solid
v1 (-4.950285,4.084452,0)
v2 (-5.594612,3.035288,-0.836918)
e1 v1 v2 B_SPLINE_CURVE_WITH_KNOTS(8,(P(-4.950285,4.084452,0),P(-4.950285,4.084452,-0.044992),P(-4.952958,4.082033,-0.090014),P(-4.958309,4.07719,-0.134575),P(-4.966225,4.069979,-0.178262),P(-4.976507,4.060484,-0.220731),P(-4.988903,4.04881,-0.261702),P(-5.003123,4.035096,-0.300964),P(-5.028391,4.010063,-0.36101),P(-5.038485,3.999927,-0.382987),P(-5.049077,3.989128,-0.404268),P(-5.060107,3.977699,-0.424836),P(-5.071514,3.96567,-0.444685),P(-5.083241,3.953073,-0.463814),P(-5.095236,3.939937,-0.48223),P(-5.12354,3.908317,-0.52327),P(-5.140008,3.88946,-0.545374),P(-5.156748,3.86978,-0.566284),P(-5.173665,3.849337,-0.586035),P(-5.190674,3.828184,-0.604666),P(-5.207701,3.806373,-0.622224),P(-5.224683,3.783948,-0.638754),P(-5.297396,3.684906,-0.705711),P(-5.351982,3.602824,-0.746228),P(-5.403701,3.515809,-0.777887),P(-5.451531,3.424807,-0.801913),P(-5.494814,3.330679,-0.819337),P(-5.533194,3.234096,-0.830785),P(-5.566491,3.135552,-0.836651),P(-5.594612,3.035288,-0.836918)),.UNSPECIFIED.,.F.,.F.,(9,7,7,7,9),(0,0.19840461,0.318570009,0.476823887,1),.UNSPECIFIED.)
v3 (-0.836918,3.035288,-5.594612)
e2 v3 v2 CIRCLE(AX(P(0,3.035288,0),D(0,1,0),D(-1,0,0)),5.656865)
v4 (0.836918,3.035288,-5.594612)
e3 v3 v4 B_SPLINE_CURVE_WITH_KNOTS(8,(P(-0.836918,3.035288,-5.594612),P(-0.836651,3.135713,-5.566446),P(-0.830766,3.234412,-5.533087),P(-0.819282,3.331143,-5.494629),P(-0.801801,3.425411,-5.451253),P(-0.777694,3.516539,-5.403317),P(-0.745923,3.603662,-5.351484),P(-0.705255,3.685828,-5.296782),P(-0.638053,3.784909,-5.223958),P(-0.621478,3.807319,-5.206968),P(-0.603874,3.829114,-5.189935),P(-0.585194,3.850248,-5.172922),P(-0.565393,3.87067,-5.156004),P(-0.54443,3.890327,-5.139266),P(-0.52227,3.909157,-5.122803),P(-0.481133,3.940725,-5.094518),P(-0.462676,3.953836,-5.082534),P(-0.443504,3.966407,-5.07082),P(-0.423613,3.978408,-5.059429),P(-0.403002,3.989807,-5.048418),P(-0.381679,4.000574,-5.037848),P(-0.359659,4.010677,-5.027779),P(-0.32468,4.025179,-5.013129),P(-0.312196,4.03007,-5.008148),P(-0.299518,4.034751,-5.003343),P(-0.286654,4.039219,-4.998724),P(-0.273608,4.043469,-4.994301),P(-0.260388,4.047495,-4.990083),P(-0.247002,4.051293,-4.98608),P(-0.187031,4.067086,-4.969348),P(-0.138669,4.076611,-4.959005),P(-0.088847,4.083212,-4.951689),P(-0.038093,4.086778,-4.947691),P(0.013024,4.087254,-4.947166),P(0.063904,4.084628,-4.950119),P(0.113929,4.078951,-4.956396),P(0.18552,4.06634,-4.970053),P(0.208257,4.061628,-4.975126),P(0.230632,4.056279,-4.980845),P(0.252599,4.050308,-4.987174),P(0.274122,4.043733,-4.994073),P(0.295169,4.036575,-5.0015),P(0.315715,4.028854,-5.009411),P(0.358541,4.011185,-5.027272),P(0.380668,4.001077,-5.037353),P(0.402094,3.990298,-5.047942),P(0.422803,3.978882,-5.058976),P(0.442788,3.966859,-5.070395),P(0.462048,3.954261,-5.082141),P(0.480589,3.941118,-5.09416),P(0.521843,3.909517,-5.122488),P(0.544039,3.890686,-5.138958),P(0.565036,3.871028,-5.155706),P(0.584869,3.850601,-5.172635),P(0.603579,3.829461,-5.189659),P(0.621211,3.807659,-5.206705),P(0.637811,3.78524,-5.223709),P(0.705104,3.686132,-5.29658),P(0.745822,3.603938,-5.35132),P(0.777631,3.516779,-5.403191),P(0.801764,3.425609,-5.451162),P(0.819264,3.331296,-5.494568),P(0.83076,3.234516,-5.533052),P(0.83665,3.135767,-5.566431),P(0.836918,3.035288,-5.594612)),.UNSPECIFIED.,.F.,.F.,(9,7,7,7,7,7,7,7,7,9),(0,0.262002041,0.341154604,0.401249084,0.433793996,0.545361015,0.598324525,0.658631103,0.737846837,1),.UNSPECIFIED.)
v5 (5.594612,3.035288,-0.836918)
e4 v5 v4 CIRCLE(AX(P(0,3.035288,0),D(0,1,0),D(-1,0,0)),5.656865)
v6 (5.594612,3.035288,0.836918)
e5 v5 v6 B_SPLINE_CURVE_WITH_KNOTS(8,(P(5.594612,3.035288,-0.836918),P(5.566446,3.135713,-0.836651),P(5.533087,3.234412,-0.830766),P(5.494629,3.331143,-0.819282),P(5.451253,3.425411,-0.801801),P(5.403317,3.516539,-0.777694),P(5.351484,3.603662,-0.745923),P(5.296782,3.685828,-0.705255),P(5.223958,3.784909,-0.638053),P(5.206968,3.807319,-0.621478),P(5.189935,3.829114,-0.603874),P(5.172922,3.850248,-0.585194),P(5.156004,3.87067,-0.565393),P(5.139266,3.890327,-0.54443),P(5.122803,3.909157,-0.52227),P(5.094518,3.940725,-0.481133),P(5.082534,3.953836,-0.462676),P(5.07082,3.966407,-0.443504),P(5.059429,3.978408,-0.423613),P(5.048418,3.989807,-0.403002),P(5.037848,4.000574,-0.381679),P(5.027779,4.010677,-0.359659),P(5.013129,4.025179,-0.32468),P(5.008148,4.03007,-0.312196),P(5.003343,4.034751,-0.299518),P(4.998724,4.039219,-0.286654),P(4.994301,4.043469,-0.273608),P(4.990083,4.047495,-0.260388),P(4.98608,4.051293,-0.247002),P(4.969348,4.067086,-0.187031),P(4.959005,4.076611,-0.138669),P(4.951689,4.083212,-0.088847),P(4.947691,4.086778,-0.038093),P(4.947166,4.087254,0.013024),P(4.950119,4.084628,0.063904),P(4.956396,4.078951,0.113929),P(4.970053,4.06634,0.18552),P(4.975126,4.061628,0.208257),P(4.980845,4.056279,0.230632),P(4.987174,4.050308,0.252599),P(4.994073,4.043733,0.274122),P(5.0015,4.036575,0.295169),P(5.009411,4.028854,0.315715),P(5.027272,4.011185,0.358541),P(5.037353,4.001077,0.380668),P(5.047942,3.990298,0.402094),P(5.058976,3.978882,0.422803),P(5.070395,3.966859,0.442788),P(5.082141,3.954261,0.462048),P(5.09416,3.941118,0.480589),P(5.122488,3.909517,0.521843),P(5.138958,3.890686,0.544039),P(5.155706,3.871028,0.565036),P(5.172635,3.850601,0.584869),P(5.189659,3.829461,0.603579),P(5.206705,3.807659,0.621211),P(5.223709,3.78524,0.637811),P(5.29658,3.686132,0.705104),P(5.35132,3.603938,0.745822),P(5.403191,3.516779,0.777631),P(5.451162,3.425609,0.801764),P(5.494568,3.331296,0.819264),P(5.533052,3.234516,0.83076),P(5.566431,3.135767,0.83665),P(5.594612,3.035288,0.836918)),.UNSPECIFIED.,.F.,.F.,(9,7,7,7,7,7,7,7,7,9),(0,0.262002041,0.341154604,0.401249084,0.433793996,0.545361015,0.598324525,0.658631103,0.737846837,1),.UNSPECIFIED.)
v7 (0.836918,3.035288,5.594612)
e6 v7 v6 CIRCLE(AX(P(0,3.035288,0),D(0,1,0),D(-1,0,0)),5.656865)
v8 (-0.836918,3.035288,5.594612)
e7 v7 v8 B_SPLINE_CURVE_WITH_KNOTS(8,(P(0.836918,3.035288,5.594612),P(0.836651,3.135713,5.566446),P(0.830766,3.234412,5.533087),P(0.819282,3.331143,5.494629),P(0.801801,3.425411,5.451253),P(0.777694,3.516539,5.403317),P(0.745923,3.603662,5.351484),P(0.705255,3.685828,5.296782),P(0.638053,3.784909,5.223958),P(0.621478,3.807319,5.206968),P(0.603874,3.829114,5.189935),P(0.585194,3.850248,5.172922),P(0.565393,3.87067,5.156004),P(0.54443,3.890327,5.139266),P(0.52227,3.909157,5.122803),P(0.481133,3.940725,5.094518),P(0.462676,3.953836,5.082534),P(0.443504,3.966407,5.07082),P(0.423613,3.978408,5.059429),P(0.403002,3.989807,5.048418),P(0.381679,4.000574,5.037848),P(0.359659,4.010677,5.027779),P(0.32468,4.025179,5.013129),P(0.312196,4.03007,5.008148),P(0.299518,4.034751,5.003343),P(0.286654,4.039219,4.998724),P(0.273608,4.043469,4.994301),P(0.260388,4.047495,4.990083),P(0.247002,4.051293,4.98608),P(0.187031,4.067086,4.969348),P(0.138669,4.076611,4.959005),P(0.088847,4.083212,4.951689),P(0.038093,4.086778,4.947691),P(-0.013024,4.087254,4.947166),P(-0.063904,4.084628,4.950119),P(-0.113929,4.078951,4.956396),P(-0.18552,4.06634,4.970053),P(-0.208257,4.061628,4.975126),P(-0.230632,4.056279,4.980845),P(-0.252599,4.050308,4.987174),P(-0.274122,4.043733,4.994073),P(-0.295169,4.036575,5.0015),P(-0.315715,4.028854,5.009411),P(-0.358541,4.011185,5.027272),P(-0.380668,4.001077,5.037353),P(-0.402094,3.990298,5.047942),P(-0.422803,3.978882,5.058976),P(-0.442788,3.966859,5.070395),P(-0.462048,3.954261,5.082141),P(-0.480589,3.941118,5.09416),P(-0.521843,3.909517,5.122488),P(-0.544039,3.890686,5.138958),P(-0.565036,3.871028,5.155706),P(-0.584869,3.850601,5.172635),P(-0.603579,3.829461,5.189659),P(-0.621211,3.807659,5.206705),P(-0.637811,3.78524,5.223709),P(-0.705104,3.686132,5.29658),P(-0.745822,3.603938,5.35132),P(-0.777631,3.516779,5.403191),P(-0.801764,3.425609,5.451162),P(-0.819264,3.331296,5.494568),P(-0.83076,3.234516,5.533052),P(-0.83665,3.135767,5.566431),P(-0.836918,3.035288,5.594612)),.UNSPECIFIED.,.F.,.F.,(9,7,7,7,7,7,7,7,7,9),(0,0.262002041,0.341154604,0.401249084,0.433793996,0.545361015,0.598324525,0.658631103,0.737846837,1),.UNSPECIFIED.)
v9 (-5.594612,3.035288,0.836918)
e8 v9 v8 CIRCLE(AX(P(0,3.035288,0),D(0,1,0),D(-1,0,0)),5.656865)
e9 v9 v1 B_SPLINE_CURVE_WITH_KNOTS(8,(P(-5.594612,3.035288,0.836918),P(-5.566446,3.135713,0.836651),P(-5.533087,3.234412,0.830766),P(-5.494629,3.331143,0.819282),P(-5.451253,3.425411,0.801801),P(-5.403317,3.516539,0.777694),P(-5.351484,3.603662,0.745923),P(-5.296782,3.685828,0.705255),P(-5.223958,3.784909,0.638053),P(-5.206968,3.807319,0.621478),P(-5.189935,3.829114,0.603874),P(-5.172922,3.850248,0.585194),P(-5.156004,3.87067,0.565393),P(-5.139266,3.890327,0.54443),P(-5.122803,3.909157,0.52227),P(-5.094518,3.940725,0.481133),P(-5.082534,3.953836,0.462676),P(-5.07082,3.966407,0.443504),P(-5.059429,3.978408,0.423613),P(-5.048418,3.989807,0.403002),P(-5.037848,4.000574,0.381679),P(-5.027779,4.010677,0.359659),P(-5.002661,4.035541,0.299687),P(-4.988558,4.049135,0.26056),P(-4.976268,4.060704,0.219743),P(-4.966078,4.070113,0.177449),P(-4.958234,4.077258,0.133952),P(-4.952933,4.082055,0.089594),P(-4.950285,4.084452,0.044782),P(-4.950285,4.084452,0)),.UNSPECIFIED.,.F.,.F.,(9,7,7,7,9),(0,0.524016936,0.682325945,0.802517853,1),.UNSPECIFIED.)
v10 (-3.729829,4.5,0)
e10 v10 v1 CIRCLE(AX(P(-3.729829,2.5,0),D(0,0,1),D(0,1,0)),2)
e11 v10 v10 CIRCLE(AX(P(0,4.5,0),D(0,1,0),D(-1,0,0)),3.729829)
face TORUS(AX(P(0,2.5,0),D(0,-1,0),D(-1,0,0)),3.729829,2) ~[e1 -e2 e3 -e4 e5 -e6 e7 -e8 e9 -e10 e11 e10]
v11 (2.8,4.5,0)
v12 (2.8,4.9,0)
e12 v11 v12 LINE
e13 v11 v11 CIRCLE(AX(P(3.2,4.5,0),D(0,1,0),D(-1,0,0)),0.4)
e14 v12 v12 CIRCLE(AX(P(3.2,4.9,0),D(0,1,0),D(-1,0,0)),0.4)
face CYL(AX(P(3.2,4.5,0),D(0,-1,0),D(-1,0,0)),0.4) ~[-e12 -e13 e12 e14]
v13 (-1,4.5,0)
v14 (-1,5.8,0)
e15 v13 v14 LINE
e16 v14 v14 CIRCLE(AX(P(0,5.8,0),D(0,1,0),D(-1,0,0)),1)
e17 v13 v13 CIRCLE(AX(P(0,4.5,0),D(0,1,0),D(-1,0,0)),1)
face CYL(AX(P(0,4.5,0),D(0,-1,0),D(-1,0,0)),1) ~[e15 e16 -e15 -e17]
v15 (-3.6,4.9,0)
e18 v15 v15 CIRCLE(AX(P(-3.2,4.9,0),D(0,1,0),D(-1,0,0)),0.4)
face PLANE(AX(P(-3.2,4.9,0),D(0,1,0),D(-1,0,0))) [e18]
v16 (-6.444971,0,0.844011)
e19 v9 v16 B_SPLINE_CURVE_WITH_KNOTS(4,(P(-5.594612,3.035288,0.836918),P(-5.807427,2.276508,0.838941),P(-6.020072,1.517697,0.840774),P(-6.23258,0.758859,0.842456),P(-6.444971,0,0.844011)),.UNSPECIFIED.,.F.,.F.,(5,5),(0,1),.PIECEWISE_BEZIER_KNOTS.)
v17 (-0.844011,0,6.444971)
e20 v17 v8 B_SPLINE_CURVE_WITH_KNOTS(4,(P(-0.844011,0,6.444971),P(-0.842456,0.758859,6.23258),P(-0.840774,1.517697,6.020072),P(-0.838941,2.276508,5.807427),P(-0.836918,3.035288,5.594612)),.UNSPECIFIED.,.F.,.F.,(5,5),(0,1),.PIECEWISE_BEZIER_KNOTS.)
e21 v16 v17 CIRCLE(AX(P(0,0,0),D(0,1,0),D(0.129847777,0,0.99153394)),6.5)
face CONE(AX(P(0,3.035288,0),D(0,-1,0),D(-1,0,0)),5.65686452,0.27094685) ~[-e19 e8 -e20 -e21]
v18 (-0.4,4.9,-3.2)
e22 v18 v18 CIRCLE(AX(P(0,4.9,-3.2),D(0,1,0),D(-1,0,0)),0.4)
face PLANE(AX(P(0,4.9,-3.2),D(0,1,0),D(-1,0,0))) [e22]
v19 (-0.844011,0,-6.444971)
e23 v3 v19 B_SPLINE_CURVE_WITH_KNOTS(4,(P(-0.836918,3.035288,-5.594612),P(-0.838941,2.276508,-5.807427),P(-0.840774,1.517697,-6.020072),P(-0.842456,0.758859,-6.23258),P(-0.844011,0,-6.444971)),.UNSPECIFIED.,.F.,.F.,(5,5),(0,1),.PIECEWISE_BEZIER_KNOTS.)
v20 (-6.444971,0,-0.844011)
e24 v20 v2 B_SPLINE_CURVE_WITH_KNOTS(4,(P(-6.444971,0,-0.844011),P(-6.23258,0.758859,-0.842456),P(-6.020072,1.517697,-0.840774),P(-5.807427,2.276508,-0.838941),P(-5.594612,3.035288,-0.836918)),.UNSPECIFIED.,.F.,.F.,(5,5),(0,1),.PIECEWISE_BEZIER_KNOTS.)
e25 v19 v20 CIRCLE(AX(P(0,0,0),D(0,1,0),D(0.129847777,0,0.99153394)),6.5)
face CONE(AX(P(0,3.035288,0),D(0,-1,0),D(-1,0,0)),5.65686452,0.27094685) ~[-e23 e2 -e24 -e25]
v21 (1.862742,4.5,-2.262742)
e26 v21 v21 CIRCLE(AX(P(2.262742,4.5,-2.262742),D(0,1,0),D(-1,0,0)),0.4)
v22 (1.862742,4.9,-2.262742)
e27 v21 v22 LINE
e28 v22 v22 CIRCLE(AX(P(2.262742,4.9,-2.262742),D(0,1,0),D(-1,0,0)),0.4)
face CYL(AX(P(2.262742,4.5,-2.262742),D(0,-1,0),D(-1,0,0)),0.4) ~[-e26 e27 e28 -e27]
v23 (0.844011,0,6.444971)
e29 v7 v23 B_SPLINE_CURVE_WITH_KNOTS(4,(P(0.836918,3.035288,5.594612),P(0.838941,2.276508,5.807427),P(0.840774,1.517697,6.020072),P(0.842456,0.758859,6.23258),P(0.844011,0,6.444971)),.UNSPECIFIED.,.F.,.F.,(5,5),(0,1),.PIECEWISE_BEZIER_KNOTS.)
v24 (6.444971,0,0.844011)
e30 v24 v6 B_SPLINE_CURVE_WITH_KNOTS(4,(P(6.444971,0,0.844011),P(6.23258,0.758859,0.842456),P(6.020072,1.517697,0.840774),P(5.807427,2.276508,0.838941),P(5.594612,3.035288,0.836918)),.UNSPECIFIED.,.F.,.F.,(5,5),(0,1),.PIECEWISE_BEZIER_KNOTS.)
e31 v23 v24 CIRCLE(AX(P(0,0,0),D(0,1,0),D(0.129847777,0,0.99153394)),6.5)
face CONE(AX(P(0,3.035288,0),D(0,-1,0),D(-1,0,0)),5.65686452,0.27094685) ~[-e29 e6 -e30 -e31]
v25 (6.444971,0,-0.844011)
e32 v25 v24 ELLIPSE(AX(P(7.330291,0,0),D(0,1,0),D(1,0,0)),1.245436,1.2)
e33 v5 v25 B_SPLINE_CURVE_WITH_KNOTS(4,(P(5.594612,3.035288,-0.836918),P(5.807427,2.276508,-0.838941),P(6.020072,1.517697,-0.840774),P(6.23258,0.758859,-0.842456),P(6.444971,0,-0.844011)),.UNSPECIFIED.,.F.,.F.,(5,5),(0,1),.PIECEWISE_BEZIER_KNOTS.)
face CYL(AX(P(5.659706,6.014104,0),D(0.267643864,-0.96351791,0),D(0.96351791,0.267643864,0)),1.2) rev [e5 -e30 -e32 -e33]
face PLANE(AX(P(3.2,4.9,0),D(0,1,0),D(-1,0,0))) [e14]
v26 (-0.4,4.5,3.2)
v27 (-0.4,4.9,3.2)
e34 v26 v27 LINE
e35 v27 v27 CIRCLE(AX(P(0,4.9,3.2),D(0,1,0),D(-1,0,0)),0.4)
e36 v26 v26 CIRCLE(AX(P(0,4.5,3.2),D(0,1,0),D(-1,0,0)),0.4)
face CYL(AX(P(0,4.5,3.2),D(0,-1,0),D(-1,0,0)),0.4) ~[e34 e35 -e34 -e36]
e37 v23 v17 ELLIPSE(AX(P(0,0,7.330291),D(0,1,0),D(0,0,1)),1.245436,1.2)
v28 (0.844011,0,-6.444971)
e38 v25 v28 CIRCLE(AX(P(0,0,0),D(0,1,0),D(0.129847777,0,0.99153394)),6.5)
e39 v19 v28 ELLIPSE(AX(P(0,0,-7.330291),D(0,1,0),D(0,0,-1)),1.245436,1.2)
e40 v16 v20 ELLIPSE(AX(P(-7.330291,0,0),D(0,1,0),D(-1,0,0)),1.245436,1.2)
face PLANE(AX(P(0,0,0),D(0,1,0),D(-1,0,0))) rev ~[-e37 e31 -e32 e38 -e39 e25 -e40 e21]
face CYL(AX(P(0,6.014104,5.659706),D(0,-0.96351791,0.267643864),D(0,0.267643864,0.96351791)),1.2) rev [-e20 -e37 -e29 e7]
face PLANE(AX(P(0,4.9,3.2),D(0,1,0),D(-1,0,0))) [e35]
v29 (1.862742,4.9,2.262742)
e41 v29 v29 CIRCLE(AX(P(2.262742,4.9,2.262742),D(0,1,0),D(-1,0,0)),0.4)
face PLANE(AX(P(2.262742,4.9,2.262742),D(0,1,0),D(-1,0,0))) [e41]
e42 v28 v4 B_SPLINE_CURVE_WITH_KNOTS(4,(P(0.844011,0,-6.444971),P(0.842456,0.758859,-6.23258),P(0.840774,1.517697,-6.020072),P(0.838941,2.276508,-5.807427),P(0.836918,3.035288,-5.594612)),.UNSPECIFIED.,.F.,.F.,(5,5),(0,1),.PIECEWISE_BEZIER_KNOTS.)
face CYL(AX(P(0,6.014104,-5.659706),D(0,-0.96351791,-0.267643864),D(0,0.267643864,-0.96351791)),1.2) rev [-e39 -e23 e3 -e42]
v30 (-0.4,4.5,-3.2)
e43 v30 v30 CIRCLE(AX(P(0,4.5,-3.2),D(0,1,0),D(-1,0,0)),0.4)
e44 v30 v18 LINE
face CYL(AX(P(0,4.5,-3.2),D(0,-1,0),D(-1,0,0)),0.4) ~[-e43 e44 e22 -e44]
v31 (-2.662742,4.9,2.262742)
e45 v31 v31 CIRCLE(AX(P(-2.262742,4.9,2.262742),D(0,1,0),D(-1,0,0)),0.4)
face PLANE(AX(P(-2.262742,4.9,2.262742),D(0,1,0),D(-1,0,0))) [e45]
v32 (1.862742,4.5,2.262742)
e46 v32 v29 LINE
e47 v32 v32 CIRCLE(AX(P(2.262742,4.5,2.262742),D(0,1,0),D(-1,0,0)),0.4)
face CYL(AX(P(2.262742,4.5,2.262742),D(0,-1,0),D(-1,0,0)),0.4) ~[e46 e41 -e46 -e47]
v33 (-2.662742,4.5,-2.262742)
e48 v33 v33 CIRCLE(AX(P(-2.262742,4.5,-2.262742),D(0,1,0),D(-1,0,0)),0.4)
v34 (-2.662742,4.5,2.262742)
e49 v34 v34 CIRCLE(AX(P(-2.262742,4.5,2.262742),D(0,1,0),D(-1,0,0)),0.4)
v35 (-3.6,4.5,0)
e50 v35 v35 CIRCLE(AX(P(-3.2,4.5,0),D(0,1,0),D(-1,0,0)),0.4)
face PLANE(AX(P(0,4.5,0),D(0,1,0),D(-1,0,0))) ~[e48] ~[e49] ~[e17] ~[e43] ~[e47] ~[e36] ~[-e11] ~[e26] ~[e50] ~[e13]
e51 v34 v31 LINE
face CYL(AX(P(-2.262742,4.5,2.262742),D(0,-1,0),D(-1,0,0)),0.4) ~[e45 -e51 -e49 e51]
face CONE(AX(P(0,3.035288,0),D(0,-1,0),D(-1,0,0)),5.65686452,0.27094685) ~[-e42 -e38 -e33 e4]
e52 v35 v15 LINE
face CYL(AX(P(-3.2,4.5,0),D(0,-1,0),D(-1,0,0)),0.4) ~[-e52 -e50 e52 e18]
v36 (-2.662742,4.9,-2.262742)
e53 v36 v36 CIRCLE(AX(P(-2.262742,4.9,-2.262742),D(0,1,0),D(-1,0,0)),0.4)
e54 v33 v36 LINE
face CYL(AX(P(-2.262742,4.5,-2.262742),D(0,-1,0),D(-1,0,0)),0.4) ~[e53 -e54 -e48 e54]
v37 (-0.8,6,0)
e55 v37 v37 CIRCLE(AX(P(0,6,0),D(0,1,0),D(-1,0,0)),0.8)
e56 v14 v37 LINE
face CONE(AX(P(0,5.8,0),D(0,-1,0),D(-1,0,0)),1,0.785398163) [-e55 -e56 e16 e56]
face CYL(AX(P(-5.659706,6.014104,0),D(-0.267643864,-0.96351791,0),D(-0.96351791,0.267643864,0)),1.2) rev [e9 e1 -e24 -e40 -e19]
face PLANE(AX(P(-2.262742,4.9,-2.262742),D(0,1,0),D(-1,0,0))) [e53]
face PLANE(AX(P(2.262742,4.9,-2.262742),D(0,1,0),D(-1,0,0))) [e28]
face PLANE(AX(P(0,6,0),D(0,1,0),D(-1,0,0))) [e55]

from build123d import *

# Parameters (mm, degrees)
F2_R     = 1
F3_DEPTH = 1.5
F4_SIZE  = 0.2
F5_R     = 0.4
F6_DEPTH = 0.4
F9_COUNT = 4


with BuildPart() as f1:
    # F0 (on Top) → F1 (revolve)
    with BuildSketch(Plane.XY):
        with BuildLine():
            Line((-6.5, 0), (0, 0))
            Line((0, 0), (0, 4.5))
            Line((0, 4.5), (-3.7298287009, 4.5))
            ThreePointArc((-3.7298287009, 4.5), (-4.9400816795, 4.0922586874), (-5.6568645201, 3.0352877276))
            Line((-5.6568645201, 3.0352877276), (-6.5, 0))
        make_face()
    revolve(axis=Axis((0, 13.4025972581, 0), (0, 1, 0)))

    # F2 (on face) → F3 (join)
    with BuildSketch(Plane(origin=(0, 4.5, 0), x_dir=(-1, 0, 0), z_dir=(0, 1, 0))):
        Circle(F2_R)
    extrude(amount=F3_DEPTH)

    # F4
    f4_edges = [f1.edges().sort_by_distance(p)[0] for p in [
        (1, 6, 0),
    ]]
    chamfer(f4_edges, length=F4_SIZE)

    # F5 (on face) → F6 (join)
    with BuildSketch(Plane(origin=(0, 4.5, 0), x_dir=(-1, 0, 0), z_dir=(0, 1, 0))):
        with Locations((0, 3.2)):
            Circle(F5_R)
        with Locations((3.2, 0)):
            Circle(F5_R)
        with Locations((0, -3.2)):
            Circle(F5_R)
        with Locations((-3.2, 0)):
            Circle(F5_R)
        with Locations((-2.2627416998, 2.2627416998)):
            Circle(F5_R)
        with Locations((2.2627416998, 2.2627416998)):
            Circle(F5_R)
        with Locations((2.2627416998, -2.2627416998)):
            Circle(F5_R)
        with Locations((-2.2627416998, -2.2627416998)):
            Circle(F5_R)
    extrude(amount=F6_DEPTH)


with BuildPart() as f8:
    # F7 (on Right) → F8 (revolve)
    with BuildSketch(Plane.YZ):
        Polygon((-0.7489218035, 8.783760689), (-1.07009444, 7.6275391974), (6.0141044293, 5.6597061782), (6.3352770658, 6.8159276697), align=None)
    revolve(axis=Axis((0, 4.9801668253, 5.9469110682), (0, 0.9635179096, -0.2676438638)))


with BuildPart() as f9_1:
    # F9: instance of F8
    add(f8.part.rotate(Axis((0, 5.8, 0), (0, 1, 0)), 1 * 360 / F9_COUNT))


with BuildPart() as f9_2:
    # F9: instance of F8
    add(f8.part.rotate(Axis((0, 5.8, 0), (0, 1, 0)), 2 * 360 / F9_COUNT))


with BuildPart() as f9_3:
    # F9: instance of F8
    add(f8.part.rotate(Axis((0, 5.8, 0), (0, 1, 0)), 3 * 360 / F9_COUNT))


with BuildPart() as f1_1:
    add(f1.part)

    # F10: cut F8, F9_1, F9_2, F9_3
    add(f8.part, mode=Mode.SUBTRACT)
    add(f9_1.part, mode=Mode.SUBTRACT)
    add(f9_2.part, mode=Mode.SUBTRACT)
    add(f9_3.part, mode=Mode.SUBTRACT)


solid = f1_1.part
